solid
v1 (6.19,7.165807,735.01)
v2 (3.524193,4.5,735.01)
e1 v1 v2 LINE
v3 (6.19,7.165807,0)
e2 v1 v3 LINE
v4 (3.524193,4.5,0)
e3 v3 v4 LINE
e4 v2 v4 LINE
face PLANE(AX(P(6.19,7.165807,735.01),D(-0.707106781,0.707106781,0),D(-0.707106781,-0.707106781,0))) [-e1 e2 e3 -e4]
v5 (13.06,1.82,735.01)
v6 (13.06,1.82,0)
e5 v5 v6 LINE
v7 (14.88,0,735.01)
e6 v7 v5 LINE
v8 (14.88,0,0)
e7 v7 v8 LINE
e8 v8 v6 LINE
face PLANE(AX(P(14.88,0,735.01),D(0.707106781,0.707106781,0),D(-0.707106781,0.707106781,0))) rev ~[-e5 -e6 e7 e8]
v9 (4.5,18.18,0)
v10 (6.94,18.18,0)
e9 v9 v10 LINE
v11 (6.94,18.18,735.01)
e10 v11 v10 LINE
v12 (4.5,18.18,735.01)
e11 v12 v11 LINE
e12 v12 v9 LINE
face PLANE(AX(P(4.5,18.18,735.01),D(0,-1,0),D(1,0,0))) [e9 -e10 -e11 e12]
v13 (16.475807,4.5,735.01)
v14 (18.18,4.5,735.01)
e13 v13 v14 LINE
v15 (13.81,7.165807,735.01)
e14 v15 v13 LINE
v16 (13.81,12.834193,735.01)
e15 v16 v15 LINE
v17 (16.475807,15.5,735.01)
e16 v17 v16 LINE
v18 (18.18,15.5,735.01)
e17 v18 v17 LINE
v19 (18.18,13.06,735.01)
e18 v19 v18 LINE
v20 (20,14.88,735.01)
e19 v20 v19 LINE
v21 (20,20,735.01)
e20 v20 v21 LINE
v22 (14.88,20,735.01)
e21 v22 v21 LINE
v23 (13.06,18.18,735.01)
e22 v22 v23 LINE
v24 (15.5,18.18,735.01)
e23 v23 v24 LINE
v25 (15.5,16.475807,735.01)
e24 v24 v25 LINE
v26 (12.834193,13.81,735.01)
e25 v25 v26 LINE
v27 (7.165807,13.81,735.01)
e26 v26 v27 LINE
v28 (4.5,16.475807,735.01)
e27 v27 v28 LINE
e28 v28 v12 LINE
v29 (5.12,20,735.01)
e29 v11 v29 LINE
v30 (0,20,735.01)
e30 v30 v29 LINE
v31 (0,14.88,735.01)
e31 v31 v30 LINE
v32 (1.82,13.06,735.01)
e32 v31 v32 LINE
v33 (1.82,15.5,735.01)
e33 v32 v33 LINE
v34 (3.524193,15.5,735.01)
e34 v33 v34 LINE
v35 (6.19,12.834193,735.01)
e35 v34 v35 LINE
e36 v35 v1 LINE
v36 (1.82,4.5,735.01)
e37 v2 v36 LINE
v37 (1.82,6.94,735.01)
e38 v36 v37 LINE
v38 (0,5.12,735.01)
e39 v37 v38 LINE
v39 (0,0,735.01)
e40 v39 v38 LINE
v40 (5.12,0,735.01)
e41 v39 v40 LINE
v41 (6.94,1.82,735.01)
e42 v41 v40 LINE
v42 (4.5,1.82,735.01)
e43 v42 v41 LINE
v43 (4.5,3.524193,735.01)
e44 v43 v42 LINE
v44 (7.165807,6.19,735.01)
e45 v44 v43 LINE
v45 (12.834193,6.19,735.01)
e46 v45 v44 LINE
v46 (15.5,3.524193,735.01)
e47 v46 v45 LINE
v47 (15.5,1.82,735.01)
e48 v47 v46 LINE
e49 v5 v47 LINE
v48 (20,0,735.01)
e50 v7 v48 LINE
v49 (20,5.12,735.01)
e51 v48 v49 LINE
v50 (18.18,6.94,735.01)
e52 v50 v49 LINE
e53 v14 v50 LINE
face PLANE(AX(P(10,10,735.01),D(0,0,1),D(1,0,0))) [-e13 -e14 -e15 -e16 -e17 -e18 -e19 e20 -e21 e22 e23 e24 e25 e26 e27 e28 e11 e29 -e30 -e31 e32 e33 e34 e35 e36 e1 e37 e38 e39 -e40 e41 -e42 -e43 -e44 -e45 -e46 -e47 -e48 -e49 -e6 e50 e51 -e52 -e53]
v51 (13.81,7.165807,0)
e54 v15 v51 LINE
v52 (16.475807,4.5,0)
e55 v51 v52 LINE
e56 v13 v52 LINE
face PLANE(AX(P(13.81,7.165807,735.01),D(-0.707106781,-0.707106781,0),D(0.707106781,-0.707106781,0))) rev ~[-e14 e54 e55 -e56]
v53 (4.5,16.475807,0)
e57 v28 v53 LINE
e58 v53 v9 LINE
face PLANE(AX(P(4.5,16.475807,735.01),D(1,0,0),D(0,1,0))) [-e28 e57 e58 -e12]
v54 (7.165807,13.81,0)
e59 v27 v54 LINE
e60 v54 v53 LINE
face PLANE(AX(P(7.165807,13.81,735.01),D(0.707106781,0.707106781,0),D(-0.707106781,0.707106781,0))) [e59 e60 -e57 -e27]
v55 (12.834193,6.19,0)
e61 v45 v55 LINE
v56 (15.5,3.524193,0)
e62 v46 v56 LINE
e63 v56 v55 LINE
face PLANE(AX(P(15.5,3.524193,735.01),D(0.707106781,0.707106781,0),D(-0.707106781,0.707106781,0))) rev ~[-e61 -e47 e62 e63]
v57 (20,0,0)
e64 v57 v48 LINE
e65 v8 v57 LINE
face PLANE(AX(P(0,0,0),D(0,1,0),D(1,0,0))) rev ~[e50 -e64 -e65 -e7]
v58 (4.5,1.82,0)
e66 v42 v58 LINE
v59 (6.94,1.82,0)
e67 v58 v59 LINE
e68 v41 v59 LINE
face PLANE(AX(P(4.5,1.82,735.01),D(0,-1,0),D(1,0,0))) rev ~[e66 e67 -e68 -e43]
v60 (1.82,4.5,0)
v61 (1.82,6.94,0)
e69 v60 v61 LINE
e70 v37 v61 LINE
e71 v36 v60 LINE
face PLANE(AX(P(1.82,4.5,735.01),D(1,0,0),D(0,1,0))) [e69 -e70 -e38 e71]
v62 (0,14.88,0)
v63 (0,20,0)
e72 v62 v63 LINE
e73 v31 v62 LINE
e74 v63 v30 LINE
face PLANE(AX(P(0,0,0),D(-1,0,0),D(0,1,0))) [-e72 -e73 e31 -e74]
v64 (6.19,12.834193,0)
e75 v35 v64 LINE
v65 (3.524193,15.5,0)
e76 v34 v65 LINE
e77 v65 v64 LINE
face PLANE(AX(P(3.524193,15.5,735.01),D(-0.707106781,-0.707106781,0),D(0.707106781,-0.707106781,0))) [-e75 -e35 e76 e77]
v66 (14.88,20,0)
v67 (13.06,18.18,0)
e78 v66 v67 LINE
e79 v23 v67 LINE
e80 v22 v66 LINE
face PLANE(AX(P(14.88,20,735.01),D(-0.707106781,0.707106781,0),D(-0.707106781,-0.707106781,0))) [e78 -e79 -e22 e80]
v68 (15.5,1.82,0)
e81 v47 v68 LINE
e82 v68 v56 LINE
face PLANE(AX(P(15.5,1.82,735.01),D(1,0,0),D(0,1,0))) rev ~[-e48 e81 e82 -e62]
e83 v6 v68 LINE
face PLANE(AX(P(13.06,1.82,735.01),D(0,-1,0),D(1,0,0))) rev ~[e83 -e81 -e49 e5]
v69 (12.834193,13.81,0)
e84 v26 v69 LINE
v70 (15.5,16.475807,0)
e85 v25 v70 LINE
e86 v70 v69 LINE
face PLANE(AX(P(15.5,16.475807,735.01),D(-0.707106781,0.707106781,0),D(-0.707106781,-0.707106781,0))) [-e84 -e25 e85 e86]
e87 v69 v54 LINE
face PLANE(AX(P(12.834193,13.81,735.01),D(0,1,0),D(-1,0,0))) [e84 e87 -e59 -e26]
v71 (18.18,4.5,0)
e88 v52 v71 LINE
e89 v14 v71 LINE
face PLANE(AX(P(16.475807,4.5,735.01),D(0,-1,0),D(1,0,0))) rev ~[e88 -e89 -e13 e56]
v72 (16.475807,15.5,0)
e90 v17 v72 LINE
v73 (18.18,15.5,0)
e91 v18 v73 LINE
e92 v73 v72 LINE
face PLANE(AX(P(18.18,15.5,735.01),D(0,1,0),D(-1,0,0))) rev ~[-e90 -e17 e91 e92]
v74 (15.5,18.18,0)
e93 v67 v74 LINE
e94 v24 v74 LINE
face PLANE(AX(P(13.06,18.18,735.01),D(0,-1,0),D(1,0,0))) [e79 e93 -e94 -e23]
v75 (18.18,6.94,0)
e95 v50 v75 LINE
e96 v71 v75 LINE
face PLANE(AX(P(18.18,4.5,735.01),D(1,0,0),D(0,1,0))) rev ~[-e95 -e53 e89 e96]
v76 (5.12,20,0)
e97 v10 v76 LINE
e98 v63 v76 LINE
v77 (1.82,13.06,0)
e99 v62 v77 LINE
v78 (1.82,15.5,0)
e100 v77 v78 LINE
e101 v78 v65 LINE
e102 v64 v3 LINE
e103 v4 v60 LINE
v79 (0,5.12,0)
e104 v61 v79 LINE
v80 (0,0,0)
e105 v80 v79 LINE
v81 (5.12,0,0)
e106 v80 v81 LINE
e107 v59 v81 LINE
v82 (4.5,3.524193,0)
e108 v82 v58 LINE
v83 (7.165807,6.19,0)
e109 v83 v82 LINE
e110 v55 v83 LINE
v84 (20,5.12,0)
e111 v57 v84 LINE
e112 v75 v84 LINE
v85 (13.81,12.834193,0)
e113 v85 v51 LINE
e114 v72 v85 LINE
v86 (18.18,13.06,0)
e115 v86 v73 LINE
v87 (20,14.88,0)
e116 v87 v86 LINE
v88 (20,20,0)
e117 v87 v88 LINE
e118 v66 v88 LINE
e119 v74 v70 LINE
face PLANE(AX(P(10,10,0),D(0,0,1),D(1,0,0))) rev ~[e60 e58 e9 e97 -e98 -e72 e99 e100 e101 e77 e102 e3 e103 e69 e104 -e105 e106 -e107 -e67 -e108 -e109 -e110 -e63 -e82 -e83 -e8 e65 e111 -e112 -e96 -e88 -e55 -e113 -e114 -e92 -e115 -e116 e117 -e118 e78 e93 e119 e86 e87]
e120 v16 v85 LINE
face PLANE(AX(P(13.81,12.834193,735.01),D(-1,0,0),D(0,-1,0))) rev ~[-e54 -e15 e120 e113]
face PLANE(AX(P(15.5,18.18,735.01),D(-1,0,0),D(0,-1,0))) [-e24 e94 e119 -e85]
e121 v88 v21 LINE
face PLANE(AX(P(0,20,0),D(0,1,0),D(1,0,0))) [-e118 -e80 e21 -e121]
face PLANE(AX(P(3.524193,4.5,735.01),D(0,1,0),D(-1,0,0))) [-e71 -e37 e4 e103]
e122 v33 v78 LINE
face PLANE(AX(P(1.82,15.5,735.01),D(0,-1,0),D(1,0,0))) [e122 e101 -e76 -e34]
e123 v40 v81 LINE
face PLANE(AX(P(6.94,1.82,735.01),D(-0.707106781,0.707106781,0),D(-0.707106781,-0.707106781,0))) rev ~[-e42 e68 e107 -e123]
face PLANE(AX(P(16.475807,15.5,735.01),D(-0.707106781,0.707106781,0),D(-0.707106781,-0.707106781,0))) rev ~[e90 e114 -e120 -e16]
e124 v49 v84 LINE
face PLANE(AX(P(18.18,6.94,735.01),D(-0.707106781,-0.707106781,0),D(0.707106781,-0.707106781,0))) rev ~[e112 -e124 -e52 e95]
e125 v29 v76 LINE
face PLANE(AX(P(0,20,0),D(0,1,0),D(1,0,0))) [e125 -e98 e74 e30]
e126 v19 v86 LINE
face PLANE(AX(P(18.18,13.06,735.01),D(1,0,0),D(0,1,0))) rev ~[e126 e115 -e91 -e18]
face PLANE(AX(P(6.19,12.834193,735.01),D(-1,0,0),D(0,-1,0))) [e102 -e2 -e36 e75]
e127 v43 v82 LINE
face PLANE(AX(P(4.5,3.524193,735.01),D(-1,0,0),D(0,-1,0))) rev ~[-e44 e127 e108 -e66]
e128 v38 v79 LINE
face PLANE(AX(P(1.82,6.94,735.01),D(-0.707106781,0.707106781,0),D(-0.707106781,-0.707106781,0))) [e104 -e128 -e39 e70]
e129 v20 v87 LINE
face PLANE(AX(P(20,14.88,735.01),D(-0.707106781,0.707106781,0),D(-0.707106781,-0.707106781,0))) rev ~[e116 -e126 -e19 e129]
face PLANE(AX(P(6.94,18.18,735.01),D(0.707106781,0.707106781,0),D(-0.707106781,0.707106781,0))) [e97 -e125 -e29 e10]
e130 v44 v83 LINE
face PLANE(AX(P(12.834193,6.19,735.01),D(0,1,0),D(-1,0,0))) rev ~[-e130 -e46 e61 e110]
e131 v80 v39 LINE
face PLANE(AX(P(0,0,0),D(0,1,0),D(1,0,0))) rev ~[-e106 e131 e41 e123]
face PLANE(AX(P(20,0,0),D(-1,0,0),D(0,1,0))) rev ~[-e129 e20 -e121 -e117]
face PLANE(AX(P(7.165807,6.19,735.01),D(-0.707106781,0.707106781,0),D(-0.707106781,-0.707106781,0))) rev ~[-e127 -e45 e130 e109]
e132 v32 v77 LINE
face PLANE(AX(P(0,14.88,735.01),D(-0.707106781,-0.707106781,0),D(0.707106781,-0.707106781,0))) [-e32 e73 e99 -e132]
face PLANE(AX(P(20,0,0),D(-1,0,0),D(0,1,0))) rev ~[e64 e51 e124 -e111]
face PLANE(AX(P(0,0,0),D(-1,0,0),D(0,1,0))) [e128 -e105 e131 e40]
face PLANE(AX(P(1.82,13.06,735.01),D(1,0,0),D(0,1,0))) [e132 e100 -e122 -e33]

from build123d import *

# Parameters (mm, degrees)
SKETCH1_W           = 20
SKETCH1_H           = 20
BOSS_EXTRUDE1_DEPTH = 735.01
CUT_EXTRUDE1_DEPTH  = 736.01


with BuildPart() as part:
    # Sketch1 → Boss-Extrude1 (new body)
    with BuildSketch(Plane.XY):
        with Locations((10, 10)):
            Rectangle(SKETCH1_W, SKETCH1_H)
    extrude(amount=BOSS_EXTRUDE1_DEPTH)

    # Sketch2 → Cut-Extrude1 (cut, through all)
    with BuildSketch(Plane.XY.offset(735.01)):
        Polygon((4.5, 18.18), (6.94, 18.18), (5.12, 20), (14.88, 20), (13.06, 18.18), (15.5, 18.18), (15.5, 16.475807358), (12.834192642, 13.81), (7.165807358, 13.81), (4.5, 16.475807358), align=None)
        Polygon((14.88, 0), (13.06, 1.82), (15.5, 1.82), (15.5, 3.524192642), (12.834192642, 6.19), (7.165807358, 6.19), (4.5, 3.524192642), (4.5, 1.82), (6.94, 1.82), (5.12, 0), align=None)
        Polygon((1.82, 4.5), (1.82, 6.94), (0, 5.12), (0, 14.88), (1.82, 13.06), (1.82, 15.5), (3.524192642, 15.5), (6.19, 12.834192642), (6.19, 7.165807358), (3.524192642, 4.5), align=None)
        Polygon((20, 14.88), (18.18, 13.06), (18.18, 15.5), (16.475807358, 15.5), (13.81, 12.834192642), (13.81, 7.165807358), (16.475807358, 4.5), (18.18, 4.5), (18.18, 6.94), (20, 5.12), align=None)
    extrude(amount=-CUT_EXTRUDE1_DEPTH, mode=Mode.SUBTRACT)


solid = part.part
